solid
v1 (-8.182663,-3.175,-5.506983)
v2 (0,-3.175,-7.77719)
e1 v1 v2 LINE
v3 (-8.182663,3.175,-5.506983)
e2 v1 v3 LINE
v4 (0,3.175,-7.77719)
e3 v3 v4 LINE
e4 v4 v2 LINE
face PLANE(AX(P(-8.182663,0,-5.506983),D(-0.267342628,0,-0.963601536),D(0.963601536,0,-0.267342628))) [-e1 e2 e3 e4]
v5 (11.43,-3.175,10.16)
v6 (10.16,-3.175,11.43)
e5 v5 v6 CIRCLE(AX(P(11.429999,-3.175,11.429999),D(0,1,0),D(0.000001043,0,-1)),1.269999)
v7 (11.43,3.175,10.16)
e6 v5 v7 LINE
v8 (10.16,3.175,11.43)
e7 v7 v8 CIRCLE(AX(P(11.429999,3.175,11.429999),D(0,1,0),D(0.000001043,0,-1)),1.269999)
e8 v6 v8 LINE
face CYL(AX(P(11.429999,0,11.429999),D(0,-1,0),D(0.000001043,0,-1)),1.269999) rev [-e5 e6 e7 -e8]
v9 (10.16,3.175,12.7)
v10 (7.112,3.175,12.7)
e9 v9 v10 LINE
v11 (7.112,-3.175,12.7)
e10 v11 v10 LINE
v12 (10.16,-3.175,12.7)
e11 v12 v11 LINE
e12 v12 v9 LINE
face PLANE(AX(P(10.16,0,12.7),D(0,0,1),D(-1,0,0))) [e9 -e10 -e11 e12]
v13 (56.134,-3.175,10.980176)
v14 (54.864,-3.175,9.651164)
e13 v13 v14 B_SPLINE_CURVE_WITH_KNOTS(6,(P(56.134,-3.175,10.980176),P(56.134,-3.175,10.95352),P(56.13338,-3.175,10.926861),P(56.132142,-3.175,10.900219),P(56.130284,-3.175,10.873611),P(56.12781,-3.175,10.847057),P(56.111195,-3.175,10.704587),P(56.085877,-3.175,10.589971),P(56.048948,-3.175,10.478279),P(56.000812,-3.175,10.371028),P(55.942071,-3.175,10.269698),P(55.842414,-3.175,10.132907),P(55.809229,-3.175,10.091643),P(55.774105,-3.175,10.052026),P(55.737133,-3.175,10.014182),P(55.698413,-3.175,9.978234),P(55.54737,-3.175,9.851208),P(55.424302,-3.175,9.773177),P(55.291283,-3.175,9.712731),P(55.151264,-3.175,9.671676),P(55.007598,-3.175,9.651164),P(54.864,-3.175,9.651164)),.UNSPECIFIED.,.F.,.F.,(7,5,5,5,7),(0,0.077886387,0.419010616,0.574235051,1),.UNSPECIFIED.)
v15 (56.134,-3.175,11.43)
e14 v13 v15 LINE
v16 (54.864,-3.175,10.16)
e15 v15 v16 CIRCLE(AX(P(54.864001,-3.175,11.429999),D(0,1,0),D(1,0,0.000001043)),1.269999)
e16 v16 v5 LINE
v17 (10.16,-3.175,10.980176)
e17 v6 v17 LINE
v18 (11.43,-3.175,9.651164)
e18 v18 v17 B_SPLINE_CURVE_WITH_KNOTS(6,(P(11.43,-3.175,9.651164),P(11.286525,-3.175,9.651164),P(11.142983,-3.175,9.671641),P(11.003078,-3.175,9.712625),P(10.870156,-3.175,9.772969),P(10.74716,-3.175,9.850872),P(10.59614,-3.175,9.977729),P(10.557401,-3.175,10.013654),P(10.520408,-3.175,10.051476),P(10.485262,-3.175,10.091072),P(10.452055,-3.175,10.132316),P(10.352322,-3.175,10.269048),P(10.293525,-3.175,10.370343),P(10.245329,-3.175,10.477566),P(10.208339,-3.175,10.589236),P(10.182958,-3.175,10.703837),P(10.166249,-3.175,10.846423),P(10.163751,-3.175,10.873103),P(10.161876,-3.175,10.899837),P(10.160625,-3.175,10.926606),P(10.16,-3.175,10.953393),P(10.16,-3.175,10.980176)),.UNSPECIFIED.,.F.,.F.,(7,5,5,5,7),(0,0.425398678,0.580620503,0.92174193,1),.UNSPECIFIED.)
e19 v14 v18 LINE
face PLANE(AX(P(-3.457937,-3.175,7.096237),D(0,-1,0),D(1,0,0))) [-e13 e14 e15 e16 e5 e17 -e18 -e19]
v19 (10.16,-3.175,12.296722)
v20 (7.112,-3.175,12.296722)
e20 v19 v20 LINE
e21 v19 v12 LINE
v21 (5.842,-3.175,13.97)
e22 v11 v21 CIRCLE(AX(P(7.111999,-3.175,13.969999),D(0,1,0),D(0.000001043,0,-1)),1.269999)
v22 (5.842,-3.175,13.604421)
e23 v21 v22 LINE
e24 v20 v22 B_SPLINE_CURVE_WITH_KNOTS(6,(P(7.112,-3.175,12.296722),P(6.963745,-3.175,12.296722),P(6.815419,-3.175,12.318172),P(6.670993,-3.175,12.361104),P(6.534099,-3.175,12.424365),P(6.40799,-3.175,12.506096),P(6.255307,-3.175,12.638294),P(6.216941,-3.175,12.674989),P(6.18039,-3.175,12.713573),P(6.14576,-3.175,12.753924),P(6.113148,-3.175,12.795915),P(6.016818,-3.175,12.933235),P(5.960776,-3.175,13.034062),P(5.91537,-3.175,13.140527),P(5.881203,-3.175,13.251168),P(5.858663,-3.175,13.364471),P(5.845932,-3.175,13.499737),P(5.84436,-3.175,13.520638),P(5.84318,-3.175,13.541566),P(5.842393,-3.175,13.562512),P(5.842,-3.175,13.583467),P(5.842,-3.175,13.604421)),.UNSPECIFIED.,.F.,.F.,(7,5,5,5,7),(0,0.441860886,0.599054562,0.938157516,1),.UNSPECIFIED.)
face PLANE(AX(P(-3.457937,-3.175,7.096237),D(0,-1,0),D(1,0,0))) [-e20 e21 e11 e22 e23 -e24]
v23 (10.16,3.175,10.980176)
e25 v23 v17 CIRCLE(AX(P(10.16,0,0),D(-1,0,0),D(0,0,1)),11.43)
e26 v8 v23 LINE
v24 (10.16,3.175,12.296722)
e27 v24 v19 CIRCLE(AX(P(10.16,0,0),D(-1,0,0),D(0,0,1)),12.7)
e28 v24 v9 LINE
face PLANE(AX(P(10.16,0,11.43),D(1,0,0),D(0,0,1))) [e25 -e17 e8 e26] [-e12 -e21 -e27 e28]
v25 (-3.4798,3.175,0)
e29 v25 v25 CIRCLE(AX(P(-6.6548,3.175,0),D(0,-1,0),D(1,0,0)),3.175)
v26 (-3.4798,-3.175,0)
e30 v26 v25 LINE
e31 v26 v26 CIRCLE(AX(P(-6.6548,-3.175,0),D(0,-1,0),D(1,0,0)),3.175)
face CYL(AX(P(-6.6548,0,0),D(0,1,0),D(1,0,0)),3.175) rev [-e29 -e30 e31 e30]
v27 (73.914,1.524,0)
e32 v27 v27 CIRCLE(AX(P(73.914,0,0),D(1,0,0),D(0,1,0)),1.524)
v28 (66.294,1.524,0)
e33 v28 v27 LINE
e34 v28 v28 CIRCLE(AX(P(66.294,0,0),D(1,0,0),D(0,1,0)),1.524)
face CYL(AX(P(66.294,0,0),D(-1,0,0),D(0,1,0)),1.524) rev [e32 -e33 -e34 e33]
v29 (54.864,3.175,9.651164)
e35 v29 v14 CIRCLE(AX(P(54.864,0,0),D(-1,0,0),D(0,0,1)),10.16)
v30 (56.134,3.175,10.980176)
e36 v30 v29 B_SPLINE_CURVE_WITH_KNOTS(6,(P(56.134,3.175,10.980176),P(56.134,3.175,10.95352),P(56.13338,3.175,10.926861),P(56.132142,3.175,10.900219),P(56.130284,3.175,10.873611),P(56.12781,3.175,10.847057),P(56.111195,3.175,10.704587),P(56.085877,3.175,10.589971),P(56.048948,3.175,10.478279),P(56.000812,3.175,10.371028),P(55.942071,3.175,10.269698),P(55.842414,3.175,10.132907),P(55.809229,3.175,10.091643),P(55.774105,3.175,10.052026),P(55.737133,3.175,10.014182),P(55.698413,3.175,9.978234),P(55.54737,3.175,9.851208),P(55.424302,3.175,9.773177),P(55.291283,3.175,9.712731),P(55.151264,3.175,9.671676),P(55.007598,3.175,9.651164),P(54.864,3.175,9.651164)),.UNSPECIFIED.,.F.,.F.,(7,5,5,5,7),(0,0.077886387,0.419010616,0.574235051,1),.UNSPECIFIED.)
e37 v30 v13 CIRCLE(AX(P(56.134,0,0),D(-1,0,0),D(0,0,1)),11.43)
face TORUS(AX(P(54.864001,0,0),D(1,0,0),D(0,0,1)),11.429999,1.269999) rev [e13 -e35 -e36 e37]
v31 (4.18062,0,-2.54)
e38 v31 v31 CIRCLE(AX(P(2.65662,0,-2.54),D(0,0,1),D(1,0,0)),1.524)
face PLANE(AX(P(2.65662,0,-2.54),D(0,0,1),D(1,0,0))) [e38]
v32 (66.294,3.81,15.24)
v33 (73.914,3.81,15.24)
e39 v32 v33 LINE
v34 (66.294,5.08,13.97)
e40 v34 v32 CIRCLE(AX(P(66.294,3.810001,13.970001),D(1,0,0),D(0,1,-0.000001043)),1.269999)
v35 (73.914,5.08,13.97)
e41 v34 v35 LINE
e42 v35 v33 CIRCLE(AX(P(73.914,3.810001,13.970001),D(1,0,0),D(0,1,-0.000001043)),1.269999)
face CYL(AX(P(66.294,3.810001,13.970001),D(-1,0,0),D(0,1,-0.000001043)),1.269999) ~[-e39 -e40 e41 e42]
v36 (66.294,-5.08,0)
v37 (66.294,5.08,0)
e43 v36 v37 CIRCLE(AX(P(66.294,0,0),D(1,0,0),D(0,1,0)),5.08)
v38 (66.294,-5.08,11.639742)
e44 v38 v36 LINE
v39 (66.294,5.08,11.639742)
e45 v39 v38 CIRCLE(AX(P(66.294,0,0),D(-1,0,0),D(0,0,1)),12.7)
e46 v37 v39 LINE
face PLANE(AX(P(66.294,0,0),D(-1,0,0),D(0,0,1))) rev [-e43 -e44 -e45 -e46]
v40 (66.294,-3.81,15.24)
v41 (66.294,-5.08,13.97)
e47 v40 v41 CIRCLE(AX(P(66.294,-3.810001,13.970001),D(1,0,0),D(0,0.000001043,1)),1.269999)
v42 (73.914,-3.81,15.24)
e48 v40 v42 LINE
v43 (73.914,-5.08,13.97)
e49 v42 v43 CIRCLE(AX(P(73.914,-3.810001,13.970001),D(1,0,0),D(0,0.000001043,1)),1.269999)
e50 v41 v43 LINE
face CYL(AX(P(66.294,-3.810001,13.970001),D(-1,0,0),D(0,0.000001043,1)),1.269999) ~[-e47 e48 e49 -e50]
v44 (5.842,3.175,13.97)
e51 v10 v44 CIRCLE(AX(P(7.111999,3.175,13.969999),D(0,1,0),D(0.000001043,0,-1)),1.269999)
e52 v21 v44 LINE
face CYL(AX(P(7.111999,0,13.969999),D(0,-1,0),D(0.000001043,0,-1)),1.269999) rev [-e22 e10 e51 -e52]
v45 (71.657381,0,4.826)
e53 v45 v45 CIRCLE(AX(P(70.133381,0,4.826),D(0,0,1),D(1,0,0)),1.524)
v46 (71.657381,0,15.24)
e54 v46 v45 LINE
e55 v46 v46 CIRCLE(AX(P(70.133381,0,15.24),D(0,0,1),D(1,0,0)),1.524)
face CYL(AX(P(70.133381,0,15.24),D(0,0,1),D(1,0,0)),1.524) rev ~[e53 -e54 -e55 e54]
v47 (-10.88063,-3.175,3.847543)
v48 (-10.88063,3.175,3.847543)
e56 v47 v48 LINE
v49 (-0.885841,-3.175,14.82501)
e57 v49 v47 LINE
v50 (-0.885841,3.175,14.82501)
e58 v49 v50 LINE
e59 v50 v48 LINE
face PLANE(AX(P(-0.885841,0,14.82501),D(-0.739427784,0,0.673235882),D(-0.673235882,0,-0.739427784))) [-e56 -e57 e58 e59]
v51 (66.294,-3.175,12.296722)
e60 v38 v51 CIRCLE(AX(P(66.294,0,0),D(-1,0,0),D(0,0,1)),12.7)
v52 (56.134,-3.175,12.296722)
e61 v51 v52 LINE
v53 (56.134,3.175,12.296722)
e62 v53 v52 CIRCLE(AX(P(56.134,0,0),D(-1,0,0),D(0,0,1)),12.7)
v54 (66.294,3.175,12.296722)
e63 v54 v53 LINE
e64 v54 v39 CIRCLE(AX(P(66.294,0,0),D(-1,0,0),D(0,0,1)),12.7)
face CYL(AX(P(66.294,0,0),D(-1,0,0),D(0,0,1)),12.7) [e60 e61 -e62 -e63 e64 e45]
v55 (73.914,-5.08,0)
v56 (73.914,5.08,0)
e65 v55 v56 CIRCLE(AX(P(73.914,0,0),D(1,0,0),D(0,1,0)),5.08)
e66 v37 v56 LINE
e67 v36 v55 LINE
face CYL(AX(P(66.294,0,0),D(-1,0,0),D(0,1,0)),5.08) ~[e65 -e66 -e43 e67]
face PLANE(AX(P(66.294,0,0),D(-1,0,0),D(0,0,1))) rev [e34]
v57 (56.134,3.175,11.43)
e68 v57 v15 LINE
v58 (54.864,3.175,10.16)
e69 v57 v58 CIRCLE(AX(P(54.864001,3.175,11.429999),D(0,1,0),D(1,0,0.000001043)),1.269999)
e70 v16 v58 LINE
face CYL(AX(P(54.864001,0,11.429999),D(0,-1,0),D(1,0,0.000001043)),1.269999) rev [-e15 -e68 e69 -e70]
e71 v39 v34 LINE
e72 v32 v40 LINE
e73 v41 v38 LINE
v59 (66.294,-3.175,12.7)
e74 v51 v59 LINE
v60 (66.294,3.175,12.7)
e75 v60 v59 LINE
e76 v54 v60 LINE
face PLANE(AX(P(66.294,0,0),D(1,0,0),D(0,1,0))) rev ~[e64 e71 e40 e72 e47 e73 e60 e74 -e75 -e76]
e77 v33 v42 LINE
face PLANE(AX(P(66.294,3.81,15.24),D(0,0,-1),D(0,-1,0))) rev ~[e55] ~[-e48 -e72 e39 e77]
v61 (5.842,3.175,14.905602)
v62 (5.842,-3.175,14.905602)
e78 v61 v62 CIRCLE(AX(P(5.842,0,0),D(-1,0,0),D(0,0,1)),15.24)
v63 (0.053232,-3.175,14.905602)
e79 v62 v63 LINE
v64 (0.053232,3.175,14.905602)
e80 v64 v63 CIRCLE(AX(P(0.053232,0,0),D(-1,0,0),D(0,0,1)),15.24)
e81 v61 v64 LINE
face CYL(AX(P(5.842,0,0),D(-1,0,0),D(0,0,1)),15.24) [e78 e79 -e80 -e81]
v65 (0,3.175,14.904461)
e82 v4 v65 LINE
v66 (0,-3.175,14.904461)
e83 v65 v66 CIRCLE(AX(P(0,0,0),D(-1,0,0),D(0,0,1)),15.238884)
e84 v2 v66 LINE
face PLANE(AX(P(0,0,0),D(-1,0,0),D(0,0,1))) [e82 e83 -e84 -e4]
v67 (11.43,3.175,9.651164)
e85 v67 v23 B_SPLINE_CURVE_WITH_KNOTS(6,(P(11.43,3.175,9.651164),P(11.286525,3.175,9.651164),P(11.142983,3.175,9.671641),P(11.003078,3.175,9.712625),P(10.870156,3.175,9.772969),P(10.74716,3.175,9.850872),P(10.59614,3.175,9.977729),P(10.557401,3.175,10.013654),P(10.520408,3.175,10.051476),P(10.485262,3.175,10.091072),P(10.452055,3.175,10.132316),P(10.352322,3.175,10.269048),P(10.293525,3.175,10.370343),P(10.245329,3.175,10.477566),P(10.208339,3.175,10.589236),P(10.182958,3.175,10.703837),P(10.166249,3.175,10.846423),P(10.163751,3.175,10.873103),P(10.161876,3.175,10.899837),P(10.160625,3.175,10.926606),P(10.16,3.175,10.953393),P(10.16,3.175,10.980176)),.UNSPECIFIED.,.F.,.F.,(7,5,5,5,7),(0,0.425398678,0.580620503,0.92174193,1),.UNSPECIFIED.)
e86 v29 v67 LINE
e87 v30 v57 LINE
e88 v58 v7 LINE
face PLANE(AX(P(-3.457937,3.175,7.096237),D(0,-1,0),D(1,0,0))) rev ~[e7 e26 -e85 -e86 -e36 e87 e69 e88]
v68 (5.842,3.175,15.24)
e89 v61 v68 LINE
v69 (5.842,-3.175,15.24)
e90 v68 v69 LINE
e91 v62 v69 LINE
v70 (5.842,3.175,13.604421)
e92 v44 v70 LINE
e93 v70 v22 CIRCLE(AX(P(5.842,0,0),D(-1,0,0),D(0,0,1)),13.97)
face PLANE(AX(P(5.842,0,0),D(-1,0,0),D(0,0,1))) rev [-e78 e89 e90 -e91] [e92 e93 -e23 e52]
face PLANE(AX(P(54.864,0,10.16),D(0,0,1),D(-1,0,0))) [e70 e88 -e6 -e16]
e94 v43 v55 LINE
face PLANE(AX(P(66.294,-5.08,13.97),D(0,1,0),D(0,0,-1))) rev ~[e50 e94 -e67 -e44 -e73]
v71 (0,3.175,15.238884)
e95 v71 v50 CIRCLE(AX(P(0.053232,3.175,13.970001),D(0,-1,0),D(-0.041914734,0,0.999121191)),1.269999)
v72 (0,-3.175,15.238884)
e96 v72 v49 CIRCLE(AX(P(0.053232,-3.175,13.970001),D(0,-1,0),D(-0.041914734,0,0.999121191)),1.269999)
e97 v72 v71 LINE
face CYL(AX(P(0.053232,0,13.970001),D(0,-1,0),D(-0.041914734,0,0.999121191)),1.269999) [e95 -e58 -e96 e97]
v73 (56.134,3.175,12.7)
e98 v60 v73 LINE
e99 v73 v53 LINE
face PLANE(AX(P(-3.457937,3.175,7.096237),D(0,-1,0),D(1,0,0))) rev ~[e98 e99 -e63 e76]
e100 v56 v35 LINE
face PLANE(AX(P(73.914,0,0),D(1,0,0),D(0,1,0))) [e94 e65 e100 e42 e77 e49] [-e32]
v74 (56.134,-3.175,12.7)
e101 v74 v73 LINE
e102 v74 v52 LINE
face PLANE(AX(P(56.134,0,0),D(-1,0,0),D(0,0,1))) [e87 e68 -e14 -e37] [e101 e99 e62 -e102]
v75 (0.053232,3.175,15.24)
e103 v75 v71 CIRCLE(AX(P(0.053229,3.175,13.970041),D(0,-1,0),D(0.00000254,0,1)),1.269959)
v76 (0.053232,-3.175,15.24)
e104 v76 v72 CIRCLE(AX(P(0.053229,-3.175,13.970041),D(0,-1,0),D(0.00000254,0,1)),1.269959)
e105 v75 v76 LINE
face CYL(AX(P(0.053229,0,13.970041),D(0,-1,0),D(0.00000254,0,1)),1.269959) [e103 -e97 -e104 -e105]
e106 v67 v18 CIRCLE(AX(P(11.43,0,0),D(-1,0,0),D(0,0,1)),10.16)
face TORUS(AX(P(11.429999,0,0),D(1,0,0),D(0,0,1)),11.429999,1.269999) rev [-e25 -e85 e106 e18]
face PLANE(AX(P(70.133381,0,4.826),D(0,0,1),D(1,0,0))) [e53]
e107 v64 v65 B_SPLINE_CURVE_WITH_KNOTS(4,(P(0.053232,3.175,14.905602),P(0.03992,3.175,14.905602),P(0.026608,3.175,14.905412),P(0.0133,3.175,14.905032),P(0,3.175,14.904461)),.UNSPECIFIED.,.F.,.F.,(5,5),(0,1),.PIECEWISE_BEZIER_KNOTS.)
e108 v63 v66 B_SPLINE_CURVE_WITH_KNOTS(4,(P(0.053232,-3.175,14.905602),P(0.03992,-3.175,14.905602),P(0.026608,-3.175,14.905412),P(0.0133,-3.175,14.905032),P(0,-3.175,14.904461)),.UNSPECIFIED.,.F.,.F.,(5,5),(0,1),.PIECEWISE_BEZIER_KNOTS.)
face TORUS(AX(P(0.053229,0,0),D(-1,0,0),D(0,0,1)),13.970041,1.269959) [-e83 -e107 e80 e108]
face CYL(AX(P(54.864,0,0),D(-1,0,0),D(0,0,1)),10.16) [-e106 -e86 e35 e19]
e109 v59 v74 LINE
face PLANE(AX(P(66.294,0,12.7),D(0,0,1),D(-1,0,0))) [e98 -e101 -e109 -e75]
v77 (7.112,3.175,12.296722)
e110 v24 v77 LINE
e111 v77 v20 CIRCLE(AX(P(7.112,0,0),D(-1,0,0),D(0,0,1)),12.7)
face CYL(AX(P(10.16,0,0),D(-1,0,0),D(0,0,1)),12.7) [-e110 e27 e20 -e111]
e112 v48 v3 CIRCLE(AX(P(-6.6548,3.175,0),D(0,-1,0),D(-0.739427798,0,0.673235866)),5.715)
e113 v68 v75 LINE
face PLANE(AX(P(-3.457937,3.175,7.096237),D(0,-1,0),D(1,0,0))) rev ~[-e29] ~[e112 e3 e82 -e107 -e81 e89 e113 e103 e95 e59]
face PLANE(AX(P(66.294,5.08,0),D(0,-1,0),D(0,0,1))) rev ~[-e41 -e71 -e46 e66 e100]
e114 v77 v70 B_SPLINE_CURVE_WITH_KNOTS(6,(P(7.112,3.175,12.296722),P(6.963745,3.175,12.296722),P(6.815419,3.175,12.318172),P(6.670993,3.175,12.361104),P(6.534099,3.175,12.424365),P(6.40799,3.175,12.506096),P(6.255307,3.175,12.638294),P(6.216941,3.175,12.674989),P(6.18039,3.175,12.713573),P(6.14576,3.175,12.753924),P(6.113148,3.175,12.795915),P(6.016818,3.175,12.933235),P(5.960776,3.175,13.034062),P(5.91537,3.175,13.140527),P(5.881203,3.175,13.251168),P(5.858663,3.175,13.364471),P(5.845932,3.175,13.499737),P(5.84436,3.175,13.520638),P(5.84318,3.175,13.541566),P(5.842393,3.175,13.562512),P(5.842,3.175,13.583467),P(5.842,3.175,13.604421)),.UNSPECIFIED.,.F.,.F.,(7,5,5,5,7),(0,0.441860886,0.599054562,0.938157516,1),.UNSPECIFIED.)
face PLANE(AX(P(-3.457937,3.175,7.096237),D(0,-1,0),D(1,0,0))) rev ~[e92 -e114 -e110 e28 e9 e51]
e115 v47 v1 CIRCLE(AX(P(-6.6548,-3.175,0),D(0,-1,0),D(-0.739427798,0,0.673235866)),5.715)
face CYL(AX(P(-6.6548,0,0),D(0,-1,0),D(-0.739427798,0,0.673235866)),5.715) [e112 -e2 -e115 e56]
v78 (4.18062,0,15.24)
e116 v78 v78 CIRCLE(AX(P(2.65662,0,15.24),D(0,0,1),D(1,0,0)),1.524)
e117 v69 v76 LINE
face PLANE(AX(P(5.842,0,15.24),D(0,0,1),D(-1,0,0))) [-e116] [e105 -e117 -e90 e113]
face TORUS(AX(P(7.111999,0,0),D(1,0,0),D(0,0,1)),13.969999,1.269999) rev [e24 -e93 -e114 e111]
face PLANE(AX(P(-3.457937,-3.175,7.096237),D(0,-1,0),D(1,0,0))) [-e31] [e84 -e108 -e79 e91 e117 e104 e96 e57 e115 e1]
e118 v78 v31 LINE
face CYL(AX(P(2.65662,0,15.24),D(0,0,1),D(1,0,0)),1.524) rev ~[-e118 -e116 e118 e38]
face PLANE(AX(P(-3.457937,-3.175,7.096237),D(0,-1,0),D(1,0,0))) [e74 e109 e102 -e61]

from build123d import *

# Parameters (mm, degrees)
F0_R     = 3.175
F2_DEPTH = 3.175
F3_R     = 1.524
F4_DEPTH = 7.62
F5_R     = 1.524
F6_DEPTH = 17.78
F7_R     = 1.524
F8_DEPTH = 10.414


with BuildPart() as f1:
    # F0 (on Front) → F1 (revolve)
    with BuildSketch(Plane.XZ):
        with BuildLine():
            Line((0, 15.238884), (0, 0))
            Line((0, 0), (7.112, 0))
            Line((7.112, 0), (66.294, 0))
            Line((66.294, 0), (66.294, 12.7))
            Line((66.294, 12.7), (56.134, 12.7))
            Line((56.134, 12.7), (56.134, 11.43))
            ThreePointArc((56.134, 11.43), (55.762026, 10.531974), (54.864, 10.16))
            Line((54.864, 10.16), (11.43, 10.16))
            ThreePointArc((11.43, 10.16), (10.531974, 10.531974), (10.16, 11.43))
            Line((10.16, 11.43), (10.16, 12.7))
            Line((10.16, 12.7), (7.112, 12.7))
            ThreePointArc((7.112, 12.7), (6.213974, 13.071974), (5.842, 13.97))
            Line((5.842, 13.97), (5.842, 15.24))
            Line((5.842, 15.24), (0.053232, 15.24))
            ThreePointArc((0.053232, 15.24), (0.02661, 15.239721), (0, 15.238884))
        make_face()
    revolve(axis=Axis((36.703, 0, 0), (-1, 0, 0)))

    # F0 (on Front) → F2 (join, symmetric)
    with BuildSketch(Plane.XZ):
        with BuildLine():
            Line((-0.9398, 0), (0, 0))
            Line((0, 0), (0, 15.238884))
            ThreePointArc((0, 15.238884), (-0.484346, 15.120613), (-0.885841, 14.82501))
            Line((-0.885841, 14.82501), (-10.88063, 3.847543))
            ThreePointArc((-10.88063, 3.847543), (-4.591961, 5.329721), (-0.9398, 0))
        make_face()
        with BuildLine():
            Line((0, 15.238884), (0, 0))
            Line((0, 0), (7.112, 0))
            Line((7.112, 0), (66.294, 0))
            Line((66.294, 0), (66.294, 12.7))
            Line((66.294, 12.7), (56.134, 12.7))
            Line((56.134, 12.7), (56.134, 11.43))
            ThreePointArc((56.134, 11.43), (55.762026, 10.531974), (54.864, 10.16))
            Line((54.864, 10.16), (11.43, 10.16))
            ThreePointArc((11.43, 10.16), (10.531974, 10.531974), (10.16, 11.43))
            Line((10.16, 11.43), (10.16, 12.7))
            Line((10.16, 12.7), (7.112, 12.7))
            ThreePointArc((7.112, 12.7), (6.213974, 13.071974), (5.842, 13.97))
            Line((5.842, 13.97), (5.842, 15.24))
            Line((5.842, 15.24), (0.053232, 15.24))
            ThreePointArc((0.053232, 15.24), (0.02661, 15.239721), (0, 15.238884))
        make_face()
        with BuildLine():
            Line((7.112, 0), (0, 0))
            Line((0, 0), (-0.9398, 0))
            ThreePointArc((-0.9398, 0), (-3.195791, -4.549339), (-8.182663, -5.506983))
            Line((-8.182663, -5.506983), (4.232475, -8.951452))
            ThreePointArc((4.232475, -8.951452), (5.340669, -8.738642), (5.842, -7.727678))
            Line((5.842, -7.727678), (5.842, -1.27))
            ThreePointArc((5.842, -1.27), (6.213974, -0.371974), (7.112, 0))
        make_face()
        with BuildLine():
            ThreePointArc((-8.182663, -5.506983), (-3.195791, -4.549339), (-0.9398, 0))
            ThreePointArc((-0.9398, 0), (-4.591961, 5.329721), (-10.88063, 3.847543))
            ThreePointArc((-10.88063, 3.847543), (-12.145978, -1.583727), (-8.182663, -5.506983))
        make_face()
        with Locations((-6.6548, 0)):
            Circle(F0_R, mode=Mode.SUBTRACT)
    extrude(amount=F2_DEPTH, both=True)

    # F3 (on face) → F4 (join)
    with BuildSketch(Plane.YZ.offset(66.294)):
        with BuildLine():
            ThreePointArc((-5.08, 0), (0, -5.08), (5.08, 0))
            ThreePointArc((5.08, 0), (0, 5.08), (-5.08, 0))
        make_face()
        Circle(F3_R, mode=Mode.SUBTRACT)
        with BuildLine():
            ThreePointArc((-5.08, 0), (0, 5.08), (5.08, 0))
            Line((5.08, 0), (5.08, 13.97))
            ThreePointArc((5.08, 13.97), (4.708026, 14.868026), (3.81, 15.24))
            Line((3.81, 15.24), (-3.81, 15.24))
            ThreePointArc((-3.81, 15.24), (-4.708026, 14.868026), (-5.08, 13.97))
            Line((-5.08, 13.97), (-5.08, 0))
        make_face()
    extrude(amount=F4_DEPTH)

    # F5 (on face) → F6 (cut)
    with BuildSketch(Plane.XY.offset(15.24)):
        with Locations((2.65662, 0)):
            Circle(F5_R)
    extrude(amount=-F6_DEPTH, mode=Mode.SUBTRACT)

    # F7 (on face) → F8 (cut)
    with BuildSketch(Plane.XY.offset(15.24)):
        with Locations((70.133381, 0)):
            Circle(F7_R)
    extrude(amount=-F8_DEPTH, mode=Mode.SUBTRACT)


solid = f1.part
